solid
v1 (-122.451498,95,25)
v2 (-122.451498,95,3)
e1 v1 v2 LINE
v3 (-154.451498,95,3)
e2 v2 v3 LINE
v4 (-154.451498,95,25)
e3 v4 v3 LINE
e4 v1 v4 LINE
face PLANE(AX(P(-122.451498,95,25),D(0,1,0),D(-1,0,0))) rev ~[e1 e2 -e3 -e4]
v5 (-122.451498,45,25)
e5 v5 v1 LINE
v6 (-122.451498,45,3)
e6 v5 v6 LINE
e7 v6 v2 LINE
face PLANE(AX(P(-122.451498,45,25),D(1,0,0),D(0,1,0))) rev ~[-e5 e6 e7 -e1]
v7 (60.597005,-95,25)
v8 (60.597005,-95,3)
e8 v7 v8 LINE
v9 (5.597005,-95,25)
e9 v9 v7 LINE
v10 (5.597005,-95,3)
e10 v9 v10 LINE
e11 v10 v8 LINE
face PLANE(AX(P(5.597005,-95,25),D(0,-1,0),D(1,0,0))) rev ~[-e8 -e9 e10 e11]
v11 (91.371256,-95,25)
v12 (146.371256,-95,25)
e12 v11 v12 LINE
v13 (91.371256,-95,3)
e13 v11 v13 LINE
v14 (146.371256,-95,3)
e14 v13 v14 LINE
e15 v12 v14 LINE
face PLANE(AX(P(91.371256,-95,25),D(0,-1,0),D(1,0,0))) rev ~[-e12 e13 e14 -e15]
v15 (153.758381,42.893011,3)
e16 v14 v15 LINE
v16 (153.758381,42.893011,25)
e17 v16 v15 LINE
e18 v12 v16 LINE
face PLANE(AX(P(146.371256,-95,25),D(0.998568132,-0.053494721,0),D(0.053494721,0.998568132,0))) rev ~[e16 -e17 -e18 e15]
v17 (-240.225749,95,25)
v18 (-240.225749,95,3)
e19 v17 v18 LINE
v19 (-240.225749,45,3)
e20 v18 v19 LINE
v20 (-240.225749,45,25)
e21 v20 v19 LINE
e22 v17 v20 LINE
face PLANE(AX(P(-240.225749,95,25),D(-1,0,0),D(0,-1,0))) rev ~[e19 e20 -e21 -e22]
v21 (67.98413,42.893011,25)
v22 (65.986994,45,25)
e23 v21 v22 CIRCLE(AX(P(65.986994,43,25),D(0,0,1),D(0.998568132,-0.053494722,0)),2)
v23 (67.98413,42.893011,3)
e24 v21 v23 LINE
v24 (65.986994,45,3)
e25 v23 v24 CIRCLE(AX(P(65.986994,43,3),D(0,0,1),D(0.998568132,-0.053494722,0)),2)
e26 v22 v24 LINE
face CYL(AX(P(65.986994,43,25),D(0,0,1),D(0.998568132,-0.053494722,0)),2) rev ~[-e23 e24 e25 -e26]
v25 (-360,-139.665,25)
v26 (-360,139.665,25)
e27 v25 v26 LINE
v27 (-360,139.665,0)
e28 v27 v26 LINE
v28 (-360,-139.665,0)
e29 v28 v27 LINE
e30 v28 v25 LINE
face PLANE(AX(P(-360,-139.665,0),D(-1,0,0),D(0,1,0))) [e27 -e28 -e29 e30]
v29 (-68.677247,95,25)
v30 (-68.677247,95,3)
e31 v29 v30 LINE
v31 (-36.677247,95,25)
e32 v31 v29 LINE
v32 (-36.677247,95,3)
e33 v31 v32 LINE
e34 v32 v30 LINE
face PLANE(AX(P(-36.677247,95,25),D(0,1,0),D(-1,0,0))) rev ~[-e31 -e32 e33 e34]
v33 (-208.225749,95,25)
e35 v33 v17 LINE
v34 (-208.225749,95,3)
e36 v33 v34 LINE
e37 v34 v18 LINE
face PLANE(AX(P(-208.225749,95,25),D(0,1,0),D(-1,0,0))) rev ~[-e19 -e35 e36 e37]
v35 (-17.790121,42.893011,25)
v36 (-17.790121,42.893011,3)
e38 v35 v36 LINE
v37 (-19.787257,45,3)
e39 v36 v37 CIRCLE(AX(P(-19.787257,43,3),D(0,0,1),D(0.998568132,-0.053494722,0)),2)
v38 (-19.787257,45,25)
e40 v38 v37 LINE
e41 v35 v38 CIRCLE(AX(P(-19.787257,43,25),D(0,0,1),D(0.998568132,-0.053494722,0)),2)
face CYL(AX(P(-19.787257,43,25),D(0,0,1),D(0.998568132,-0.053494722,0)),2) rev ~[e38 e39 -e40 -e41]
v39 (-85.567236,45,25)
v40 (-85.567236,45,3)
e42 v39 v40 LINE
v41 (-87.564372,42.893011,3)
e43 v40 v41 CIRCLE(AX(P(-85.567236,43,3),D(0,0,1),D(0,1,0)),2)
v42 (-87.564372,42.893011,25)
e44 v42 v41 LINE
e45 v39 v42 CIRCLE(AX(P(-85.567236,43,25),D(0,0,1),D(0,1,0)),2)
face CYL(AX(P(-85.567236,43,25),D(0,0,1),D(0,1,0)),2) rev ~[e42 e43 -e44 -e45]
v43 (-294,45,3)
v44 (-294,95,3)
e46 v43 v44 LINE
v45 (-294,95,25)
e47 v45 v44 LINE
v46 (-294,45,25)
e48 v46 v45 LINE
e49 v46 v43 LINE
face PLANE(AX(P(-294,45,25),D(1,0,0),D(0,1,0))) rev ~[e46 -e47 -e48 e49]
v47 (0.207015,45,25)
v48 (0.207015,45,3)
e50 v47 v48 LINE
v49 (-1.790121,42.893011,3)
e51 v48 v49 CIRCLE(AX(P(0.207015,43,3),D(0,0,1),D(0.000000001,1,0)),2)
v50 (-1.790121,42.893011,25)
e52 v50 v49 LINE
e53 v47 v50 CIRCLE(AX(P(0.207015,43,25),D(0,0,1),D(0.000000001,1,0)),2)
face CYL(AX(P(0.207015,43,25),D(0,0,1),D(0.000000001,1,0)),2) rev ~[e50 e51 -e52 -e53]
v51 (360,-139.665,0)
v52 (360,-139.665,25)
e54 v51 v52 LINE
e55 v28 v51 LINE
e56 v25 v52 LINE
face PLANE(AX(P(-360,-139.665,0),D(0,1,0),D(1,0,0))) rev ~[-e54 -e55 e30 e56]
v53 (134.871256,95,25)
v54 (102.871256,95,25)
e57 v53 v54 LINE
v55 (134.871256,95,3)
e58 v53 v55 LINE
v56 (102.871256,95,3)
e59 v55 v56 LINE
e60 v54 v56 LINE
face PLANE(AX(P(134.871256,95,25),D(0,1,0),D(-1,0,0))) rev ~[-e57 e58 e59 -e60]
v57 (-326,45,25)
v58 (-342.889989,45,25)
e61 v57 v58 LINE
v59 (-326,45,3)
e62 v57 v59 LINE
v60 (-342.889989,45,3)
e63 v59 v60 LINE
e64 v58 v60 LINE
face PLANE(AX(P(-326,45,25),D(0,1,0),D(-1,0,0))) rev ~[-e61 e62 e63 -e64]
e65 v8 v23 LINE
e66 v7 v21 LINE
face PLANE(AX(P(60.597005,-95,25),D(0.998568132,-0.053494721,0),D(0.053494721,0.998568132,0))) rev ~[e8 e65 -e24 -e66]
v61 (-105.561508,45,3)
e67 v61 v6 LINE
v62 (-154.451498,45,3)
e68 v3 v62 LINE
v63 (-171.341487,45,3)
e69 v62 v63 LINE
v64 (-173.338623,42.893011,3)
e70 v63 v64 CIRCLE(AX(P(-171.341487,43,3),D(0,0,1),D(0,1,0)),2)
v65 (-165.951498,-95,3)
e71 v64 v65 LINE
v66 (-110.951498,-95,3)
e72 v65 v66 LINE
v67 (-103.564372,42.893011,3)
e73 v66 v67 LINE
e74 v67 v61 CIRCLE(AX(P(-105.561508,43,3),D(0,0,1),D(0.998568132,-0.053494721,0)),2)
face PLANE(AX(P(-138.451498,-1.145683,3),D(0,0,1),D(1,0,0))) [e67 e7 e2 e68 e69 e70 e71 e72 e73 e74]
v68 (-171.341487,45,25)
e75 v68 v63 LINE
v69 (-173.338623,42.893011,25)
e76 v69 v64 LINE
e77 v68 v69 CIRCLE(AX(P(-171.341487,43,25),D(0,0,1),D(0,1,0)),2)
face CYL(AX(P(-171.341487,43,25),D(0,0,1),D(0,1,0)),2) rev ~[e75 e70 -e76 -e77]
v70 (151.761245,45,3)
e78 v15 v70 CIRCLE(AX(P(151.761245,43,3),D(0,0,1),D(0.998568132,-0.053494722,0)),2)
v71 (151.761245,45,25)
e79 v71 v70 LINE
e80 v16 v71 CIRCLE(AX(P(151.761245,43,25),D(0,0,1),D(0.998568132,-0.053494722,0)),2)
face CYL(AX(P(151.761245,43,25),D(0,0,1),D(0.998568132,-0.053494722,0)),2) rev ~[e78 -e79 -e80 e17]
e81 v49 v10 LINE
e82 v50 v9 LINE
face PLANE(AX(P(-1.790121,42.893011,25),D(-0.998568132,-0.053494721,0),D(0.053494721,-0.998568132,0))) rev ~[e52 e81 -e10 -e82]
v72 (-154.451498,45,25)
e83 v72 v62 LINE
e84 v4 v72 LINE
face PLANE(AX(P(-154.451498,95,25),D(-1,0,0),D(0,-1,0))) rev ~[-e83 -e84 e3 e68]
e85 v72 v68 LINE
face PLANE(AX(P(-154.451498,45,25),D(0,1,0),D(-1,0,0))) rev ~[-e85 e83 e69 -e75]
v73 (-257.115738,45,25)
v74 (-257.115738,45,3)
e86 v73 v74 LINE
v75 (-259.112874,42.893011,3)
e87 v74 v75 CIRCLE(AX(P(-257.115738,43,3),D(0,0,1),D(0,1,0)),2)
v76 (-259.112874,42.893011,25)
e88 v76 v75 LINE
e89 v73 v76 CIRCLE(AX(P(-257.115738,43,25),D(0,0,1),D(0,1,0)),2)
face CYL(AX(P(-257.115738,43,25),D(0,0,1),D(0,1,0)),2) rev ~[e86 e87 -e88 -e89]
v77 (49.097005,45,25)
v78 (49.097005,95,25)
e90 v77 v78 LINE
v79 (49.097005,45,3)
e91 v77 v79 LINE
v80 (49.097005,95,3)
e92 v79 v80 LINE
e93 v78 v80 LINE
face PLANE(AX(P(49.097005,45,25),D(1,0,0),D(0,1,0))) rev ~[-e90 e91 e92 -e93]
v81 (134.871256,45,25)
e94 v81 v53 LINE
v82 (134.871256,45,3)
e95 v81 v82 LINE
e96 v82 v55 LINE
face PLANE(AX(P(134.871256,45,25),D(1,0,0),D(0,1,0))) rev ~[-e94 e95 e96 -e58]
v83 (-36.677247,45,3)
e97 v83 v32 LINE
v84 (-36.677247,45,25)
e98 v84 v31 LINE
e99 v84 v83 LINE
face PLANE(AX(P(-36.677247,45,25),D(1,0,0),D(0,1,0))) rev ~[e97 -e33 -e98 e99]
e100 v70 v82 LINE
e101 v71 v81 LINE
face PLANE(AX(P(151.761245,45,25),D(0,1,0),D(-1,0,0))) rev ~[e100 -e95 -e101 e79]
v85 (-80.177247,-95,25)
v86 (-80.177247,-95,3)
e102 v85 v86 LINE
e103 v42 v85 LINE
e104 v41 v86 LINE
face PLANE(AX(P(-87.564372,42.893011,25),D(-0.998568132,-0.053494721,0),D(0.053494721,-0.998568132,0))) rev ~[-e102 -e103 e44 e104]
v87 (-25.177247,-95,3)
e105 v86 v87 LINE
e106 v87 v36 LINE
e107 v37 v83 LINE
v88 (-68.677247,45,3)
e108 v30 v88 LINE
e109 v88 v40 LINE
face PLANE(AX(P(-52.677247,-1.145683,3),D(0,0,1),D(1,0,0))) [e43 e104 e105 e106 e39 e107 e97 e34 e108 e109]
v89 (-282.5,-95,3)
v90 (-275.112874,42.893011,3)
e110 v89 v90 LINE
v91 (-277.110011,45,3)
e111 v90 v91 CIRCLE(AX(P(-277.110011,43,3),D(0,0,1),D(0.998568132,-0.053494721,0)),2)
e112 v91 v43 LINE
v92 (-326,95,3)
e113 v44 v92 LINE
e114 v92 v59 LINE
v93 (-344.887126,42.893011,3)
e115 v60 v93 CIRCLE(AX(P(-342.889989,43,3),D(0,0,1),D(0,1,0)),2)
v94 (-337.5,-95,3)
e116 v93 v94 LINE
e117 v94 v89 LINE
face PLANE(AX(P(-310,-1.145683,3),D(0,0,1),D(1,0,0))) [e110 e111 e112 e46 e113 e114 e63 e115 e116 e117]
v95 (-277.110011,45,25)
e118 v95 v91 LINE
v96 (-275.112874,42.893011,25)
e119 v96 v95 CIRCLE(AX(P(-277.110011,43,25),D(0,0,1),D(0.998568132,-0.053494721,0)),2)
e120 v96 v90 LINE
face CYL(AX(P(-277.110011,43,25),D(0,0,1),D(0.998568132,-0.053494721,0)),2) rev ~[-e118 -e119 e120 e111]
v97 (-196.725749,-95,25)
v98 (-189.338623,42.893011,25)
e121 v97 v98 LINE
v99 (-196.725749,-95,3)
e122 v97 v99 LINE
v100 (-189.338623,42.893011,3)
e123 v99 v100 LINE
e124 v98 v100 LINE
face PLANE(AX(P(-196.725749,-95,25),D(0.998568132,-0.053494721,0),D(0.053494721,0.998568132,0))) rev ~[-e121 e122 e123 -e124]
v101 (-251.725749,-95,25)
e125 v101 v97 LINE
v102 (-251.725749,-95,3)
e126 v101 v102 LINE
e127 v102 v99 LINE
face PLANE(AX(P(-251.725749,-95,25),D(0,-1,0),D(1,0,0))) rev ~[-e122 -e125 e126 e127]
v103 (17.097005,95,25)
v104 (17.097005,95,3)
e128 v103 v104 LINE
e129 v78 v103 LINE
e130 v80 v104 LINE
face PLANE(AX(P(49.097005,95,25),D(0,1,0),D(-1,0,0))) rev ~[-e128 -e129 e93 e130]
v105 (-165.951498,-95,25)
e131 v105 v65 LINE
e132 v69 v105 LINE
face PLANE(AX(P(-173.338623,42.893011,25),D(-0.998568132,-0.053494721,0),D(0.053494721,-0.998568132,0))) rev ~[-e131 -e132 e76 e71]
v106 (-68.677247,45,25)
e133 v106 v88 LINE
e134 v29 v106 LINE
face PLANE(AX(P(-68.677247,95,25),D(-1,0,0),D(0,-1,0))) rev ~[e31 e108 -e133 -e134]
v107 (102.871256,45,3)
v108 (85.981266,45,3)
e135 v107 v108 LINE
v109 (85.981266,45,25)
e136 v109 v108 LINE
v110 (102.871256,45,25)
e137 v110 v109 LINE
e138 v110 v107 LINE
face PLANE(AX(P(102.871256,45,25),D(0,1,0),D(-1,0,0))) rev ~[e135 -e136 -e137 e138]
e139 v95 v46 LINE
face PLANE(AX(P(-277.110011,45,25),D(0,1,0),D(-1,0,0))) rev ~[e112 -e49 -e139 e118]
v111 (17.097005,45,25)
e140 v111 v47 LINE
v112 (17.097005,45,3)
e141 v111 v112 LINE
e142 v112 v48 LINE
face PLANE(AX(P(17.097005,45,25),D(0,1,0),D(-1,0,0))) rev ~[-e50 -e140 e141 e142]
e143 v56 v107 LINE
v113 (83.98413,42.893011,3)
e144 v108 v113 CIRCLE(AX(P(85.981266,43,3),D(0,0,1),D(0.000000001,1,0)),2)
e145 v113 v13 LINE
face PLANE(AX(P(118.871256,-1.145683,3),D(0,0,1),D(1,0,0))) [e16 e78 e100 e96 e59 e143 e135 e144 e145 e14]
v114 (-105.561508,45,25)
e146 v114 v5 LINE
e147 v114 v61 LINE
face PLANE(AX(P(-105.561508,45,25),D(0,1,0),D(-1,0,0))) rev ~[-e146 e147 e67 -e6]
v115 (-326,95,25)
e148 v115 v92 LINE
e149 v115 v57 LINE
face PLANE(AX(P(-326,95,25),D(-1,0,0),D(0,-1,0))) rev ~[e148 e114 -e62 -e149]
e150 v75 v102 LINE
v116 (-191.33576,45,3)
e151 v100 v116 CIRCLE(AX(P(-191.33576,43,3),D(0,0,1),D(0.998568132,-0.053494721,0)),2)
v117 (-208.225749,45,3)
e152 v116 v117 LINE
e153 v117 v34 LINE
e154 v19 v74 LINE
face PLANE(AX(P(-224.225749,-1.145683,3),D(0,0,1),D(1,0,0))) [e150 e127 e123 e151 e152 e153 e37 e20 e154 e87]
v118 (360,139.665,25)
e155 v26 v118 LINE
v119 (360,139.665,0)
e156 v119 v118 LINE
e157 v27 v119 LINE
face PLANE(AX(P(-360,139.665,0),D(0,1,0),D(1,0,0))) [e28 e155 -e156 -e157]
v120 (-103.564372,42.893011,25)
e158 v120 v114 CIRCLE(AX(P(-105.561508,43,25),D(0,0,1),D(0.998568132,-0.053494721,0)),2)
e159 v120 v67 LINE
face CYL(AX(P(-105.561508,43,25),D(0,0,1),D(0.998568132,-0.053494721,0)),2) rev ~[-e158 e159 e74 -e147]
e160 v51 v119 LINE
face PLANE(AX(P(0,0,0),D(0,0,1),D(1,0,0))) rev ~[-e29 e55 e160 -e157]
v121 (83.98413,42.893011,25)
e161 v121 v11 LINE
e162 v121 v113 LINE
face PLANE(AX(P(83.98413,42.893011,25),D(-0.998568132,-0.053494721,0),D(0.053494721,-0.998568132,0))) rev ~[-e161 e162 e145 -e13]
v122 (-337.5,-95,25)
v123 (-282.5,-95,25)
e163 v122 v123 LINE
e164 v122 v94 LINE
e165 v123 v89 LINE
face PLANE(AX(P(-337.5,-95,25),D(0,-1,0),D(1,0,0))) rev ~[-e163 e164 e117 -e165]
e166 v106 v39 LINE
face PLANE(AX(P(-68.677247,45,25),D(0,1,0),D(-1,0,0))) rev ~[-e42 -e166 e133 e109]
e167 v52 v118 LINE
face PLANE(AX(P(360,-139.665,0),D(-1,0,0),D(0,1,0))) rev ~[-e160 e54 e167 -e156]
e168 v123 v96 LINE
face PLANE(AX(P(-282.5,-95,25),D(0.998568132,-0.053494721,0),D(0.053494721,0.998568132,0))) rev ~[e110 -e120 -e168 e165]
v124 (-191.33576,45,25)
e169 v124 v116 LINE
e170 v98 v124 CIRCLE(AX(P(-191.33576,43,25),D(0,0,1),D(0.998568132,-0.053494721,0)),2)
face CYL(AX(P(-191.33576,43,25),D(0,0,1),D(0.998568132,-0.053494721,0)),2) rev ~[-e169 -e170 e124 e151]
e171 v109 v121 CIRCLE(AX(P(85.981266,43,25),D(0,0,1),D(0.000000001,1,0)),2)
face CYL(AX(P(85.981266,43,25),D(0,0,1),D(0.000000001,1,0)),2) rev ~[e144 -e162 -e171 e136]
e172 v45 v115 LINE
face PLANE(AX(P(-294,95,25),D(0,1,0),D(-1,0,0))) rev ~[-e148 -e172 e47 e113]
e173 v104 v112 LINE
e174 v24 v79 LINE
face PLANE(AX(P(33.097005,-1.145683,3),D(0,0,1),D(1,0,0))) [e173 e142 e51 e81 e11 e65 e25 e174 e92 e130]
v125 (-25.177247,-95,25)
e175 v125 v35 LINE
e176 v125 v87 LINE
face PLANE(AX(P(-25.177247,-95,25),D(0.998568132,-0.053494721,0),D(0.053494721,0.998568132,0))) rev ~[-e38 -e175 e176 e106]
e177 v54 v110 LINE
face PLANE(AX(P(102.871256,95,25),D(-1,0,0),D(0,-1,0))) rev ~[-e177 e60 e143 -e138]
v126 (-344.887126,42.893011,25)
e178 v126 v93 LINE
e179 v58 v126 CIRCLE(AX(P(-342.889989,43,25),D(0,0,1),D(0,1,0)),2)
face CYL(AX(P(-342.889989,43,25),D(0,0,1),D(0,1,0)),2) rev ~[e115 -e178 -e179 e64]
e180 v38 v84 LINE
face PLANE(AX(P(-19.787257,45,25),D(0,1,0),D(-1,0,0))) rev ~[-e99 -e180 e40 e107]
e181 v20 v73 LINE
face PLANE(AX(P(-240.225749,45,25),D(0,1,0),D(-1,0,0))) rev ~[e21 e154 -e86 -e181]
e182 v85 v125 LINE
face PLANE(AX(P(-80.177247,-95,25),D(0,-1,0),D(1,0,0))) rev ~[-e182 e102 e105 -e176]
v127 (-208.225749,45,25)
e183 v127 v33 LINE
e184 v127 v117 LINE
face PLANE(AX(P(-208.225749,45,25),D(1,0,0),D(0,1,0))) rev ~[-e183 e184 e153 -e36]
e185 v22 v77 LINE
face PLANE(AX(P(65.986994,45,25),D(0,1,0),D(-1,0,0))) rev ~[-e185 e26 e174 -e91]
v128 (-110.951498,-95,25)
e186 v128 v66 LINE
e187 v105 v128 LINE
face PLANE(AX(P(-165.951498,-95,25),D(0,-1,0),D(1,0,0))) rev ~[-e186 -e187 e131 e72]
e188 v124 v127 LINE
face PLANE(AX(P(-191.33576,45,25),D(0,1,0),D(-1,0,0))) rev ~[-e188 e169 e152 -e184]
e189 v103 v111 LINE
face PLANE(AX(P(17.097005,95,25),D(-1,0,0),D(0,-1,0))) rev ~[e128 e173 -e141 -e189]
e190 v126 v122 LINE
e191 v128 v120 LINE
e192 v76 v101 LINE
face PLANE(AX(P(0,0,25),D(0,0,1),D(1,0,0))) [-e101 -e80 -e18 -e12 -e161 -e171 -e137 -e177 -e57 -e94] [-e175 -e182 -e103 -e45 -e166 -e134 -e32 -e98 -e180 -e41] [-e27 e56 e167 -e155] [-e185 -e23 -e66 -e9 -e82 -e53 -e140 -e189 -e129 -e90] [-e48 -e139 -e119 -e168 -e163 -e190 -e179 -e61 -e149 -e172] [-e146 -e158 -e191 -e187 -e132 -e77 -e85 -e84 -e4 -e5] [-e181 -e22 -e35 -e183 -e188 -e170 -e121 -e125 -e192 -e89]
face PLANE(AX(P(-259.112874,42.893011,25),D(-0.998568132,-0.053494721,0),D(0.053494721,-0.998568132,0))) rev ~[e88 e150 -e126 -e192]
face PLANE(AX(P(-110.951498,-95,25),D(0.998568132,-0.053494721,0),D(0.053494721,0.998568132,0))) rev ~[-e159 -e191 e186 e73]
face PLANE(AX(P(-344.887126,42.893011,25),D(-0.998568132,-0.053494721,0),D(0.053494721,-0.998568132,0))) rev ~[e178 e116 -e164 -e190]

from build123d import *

# Parameters (mm, degrees)
SKETCH2_W           = 720
SKETCH2_H           = 279.33
BOSS_EXTRUDE1_DEPTH = 25
CUT_EXTRUDE1_DEPTH  = 22


with BuildPart() as part:
    # Sketch2 → Boss-Extrude1 (new body)
    with BuildSketch(Plane.XY):
        Rectangle(SKETCH2_W, SKETCH2_H)
    extrude(amount=BOSS_EXTRUDE1_DEPTH)

    # Sketch4 → Cut-Extrude1 (cut)
    with BuildSketch(Plane.XY.offset(25)):
        with BuildLine():
            Line((-326, 45), (-342.889989301, 45))
            ThreePointArc((-342.889989301, 45), (-344.341536559, 44.375867202), (-344.887125566, 42.893010557))
            Line((-344.887125566, 42.893010557), (-337.5, -95))
            Line((-337.5, -95), (-282.5, -95))
            Line((-282.5, -95), (-275.112874434, 42.893010557))
            ThreePointArc((-275.112874434, 42.893010557), (-275.658463441, 44.375867202), (-277.110010699, 45))
            Line((-277.110010699, 45), (-294, 45))
            Line((-294, 45), (-294, 95))
            Line((-294, 95), (-326, 95))
            Line((-326, 95), (-326, 45))
        make_face()
        with BuildLine():
            Line((-110.951497738, -95), (-103.564372172, 42.893010557))
            ThreePointArc((-103.564372172, 42.893010557), (-104.109961179, 44.375867202), (-105.561508437, 45))
            Line((-105.561508437, 45), (-122.451497738, 45))
            Line((-122.451497738, 45), (-122.451497738, 95))
            Line((-122.451497738, 95), (-154.451497738, 95))
            Line((-154.451497738, 95), (-154.451497738, 45))
            Line((-154.451497738, 45), (-171.341487039, 45))
            ThreePointArc((-171.341487039, 45), (-172.793034297, 44.375867202), (-173.338623303, 42.893010557))
            Line((-173.338623303, 42.893010557), (-165.951497738, -95))
            Line((-165.951497738, -95), (-110.951497738, -95))
        make_face()
        with BuildLine():
            Line((-259.112874434, 42.893010557), (-251.725748869, -95))
            Line((-251.725748869, -95), (-196.725748869, -95))
            Line((-196.725748869, -95), (-189.338623303, 42.893010557))
            ThreePointArc((-189.338623303, 42.893010557), (-189.88421231, 44.375867202), (-191.335759568, 45))
            Line((-191.335759568, 45), (-208.225748869, 45))
            Line((-208.225748869, 45), (-208.225748869, 95))
            Line((-208.225748869, 95), (-240.225748869, 95))
            Line((-240.225748869, 95), (-240.225748869, 45))
            Line((-240.225748869, 45), (-257.11573817, 45))
            ThreePointArc((-257.11573817, 45), (-258.567285428, 44.375867202), (-259.112874434, 42.893010557))
        make_face()
        with BuildLine():
            Line((-25.177246607, -95), (-17.790121041, 42.893010557))
            ThreePointArc((-17.790121041, 42.893010557), (-18.335710047, 44.375867202), (-19.787257306, 45))
            Line((-19.787257306, 45), (-36.677246607, 45))
            Line((-36.677246607, 45), (-36.677246607, 95))
            Line((-36.677246607, 95), (-68.677246607, 95))
            Line((-68.677246607, 95), (-68.677246607, 45))
            Line((-68.677246607, 45), (-85.567235908, 45))
            ThreePointArc((-85.567235908, 45), (-87.018783166, 44.375867202), (-87.564372172, 42.893010557))
            Line((-87.564372172, 42.893010557), (-80.177246607, -95))
            Line((-80.177246607, -95), (-25.177246607, -95))
        make_face()
        with BuildLine():
            Line((60.597004525, -95), (67.98413009, 42.893010557))
            ThreePointArc((67.98413009, 42.893010557), (67.438541084, 44.375867202), (65.986993826, 45))
            Line((65.986993826, 45), (49.097004525, 45))
            Line((49.097004525, 45), (49.097004525, 95))
            Line((49.097004525, 95), (17.097004525, 95))
            Line((17.097004525, 95), (17.097004525, 45))
            Line((17.097004525, 45), (0.207015224, 45))
            ThreePointArc((0.207015224, 45), (-1.244532035, 44.375867202), (-1.790121041, 42.893010557))
            Line((-1.790121041, 42.893010557), (5.597004525, -95))
            Line((5.597004525, -95), (60.597004525, -95))
        make_face()
        with BuildLine():
            Line((83.98413009, 42.893010557), (91.371255656, -95))
            Line((91.371255656, -95), (146.371255656, -95))
            Line((146.371255656, -95), (153.758381221, 42.893010557))
            ThreePointArc((153.758381221, 42.893010557), (153.212792215, 44.375867202), (151.761244957, 45))
            Line((151.761244957, 45), (134.871255656, 45))
            Line((134.871255656, 45), (134.871255656, 95))
            Line((134.871255656, 95), (102.871255656, 95))
            Line((102.871255656, 95), (102.871255656, 45))
            Line((102.871255656, 45), (85.981266355, 45))
            ThreePointArc((85.981266355, 45), (84.529719096, 44.375867202), (83.98413009, 42.893010557))
        make_face()
    extrude(amount=-CUT_EXTRUDE1_DEPTH, mode=Mode.SUBTRACT)


solid = part.part
